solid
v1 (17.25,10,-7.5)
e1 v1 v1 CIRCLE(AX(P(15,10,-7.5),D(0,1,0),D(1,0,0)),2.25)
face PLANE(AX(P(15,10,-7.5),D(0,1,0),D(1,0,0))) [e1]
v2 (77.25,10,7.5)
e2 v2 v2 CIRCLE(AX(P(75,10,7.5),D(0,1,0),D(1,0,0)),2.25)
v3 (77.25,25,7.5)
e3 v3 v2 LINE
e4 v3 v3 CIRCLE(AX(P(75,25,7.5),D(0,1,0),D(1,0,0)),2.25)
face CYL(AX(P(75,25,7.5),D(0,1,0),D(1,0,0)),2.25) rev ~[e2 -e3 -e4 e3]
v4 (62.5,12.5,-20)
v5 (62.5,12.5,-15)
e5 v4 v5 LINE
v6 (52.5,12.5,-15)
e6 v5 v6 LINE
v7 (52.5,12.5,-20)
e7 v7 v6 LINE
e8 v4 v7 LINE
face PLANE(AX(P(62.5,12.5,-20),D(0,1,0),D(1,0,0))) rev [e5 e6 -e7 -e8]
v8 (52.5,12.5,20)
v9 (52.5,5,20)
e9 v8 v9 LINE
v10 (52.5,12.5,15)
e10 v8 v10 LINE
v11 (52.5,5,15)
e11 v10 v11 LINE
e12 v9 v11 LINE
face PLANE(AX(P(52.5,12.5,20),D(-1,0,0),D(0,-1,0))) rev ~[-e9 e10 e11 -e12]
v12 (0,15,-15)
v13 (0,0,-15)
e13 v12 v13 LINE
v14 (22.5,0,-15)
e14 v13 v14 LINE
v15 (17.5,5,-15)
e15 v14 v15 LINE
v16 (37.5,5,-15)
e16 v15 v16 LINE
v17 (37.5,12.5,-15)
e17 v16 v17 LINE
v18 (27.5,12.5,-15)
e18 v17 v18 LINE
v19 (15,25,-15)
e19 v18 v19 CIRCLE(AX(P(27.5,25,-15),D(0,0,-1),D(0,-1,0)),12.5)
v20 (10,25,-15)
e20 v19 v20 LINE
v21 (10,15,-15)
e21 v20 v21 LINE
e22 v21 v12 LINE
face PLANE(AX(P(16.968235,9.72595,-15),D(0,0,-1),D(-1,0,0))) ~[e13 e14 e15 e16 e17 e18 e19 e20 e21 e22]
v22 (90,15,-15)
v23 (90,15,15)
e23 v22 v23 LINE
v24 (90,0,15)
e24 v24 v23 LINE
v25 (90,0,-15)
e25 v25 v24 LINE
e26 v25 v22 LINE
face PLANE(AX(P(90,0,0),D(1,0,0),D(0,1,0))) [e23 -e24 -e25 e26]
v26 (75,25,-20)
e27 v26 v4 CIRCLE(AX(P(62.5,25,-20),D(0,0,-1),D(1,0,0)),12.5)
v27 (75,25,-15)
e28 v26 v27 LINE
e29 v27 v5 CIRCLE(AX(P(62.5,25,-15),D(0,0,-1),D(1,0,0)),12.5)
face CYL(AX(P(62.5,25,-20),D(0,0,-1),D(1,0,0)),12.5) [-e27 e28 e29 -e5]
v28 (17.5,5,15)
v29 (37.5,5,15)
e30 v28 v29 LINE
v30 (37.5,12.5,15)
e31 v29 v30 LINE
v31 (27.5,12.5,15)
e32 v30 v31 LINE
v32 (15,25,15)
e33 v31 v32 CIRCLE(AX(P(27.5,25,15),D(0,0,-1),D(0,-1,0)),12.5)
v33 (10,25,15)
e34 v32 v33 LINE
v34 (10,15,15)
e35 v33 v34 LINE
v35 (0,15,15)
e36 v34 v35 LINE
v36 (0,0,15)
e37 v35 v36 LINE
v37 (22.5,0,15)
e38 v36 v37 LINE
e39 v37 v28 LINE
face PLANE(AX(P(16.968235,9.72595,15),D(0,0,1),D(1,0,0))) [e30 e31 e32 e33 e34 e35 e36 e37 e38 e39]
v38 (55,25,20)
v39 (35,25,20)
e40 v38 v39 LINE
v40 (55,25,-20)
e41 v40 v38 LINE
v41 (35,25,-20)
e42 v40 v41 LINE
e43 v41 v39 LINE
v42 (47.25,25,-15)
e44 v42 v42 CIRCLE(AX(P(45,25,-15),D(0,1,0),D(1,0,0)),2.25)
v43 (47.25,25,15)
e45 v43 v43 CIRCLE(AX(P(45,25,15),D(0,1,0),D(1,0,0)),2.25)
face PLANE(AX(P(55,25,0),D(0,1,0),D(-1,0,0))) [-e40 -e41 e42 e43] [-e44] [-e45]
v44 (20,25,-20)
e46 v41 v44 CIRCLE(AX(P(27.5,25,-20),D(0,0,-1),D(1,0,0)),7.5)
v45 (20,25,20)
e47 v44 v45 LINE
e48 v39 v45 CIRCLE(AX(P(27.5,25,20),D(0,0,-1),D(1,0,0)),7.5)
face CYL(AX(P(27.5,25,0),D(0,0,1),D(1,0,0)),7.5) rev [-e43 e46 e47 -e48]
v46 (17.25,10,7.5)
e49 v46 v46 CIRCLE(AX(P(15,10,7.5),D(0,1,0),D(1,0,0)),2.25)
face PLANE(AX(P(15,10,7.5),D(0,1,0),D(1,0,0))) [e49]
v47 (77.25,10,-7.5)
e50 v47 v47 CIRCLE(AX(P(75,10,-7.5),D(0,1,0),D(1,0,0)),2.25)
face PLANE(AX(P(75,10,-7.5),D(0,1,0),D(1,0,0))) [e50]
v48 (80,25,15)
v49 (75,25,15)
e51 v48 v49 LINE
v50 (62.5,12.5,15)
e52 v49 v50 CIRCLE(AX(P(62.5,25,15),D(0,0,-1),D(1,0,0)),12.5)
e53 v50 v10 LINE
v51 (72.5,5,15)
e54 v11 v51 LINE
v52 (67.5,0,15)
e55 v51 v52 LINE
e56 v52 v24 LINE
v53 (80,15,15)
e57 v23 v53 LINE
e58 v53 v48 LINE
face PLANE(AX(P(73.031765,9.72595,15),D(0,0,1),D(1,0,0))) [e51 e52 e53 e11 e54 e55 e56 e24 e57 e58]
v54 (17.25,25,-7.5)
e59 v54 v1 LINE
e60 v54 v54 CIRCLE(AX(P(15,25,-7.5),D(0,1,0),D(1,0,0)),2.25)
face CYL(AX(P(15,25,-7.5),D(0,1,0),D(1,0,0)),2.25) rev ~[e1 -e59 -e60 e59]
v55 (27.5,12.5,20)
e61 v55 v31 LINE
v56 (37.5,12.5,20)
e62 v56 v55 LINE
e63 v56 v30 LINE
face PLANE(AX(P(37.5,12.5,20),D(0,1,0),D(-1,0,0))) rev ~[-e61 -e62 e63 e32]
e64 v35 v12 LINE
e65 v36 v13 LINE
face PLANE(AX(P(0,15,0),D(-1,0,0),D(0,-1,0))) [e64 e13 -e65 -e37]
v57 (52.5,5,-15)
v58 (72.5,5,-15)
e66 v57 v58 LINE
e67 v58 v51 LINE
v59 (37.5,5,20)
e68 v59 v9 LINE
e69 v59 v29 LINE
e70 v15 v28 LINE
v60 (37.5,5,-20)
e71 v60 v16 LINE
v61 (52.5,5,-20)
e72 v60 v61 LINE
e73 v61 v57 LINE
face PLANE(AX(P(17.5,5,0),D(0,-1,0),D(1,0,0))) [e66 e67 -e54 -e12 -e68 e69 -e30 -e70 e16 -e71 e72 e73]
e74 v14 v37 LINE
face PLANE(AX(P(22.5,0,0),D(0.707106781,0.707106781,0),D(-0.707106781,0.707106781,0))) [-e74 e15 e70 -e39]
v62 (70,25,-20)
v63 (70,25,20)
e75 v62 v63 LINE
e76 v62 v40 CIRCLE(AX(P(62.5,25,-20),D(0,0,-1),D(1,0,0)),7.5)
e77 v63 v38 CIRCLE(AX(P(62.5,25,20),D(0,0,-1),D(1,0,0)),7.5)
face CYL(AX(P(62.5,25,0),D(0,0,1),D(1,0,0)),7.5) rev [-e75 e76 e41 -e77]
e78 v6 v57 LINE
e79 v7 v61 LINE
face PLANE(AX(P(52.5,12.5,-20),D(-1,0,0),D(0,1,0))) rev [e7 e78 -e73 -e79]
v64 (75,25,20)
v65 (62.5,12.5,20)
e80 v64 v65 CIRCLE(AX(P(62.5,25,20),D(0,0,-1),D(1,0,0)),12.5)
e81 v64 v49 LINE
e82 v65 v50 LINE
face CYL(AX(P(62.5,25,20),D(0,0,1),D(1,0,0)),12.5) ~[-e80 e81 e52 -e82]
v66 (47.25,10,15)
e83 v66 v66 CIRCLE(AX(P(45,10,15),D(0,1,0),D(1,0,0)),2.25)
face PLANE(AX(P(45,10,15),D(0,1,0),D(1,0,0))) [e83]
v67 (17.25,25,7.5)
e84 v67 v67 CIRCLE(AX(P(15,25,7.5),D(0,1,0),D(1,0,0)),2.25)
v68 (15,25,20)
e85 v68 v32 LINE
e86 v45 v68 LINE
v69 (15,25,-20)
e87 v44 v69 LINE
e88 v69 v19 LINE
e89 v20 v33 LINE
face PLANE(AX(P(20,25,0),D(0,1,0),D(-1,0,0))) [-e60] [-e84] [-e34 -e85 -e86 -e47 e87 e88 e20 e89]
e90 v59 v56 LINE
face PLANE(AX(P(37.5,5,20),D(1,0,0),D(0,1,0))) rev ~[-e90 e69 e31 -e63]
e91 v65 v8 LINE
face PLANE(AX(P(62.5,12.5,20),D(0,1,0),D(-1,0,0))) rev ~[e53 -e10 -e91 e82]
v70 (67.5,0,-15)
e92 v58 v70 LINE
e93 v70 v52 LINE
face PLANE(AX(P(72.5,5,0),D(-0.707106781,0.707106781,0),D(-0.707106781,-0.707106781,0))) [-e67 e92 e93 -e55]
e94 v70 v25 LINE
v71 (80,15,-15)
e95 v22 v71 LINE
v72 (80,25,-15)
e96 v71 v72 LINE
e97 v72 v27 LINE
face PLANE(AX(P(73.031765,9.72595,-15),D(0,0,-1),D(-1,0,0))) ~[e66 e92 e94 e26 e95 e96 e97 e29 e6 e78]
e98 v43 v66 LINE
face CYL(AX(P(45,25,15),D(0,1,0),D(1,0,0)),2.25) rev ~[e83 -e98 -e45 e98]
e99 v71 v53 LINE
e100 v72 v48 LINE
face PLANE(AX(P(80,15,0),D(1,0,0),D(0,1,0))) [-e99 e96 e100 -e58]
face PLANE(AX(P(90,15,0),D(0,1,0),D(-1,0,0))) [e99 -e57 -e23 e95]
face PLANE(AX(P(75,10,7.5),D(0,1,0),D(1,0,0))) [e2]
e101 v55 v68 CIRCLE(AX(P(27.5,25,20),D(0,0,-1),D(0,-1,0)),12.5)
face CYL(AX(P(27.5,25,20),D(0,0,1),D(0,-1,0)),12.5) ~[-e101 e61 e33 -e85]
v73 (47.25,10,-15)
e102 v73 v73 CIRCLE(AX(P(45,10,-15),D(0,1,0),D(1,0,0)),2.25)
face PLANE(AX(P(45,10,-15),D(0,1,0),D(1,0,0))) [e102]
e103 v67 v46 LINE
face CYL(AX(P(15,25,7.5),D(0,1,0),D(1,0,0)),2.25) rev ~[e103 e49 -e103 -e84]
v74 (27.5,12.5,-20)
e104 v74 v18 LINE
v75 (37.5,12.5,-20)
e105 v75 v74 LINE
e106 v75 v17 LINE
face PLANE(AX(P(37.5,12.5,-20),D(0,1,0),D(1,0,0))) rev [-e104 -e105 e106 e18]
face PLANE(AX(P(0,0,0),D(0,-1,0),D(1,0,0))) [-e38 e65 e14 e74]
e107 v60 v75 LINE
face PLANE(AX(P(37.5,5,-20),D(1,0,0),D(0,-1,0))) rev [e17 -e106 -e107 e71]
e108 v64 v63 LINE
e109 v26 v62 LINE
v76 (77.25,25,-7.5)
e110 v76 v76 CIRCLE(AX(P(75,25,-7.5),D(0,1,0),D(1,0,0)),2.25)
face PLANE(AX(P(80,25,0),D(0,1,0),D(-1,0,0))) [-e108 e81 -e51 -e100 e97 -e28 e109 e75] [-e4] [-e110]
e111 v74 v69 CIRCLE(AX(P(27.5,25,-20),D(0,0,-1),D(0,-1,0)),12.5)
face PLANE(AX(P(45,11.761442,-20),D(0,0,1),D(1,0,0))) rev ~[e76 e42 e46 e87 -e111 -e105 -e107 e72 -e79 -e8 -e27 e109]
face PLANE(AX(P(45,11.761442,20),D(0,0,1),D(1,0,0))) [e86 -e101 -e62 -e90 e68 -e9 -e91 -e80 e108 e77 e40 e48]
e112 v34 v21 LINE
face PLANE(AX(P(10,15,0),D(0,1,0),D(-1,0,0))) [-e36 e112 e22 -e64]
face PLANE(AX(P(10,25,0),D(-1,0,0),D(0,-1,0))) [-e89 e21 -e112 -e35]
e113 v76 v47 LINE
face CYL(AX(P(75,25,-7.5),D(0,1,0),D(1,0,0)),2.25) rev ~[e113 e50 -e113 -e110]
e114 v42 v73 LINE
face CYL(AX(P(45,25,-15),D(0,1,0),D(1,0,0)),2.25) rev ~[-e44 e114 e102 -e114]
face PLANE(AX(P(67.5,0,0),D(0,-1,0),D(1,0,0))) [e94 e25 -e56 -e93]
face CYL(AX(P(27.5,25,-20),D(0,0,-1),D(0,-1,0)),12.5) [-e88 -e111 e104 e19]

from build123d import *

# Parameters (mm, degrees)
BOSS_EXTRUDE1_DEPTH = 20
CUT_EXTRUDE1_DEPTH  = 5
SKETCH3_R           = 2.25
CUT_EXTRUDE2_DEPTH  = 15


with BuildPart() as part:
    # Sketch1 → Boss-Extrude1 (new body, symmetric)
    with BuildSketch(Plane.XY):
        with BuildLine():
            Line((0, 0), (22.5, 0))
            Line((22.5, 0), (17.5, 5))
            Line((17.5, 5), (72.5, 5))
            Line((72.5, 5), (67.5, 0))
            Line((67.5, 0), (90, 0))
            Line((90, 0), (90, 15))
            Line((90, 15), (80, 15))
            Line((80, 15), (80, 25))
            Line((80, 25), (70, 25))
            ThreePointArc((70, 25), (62.5, 17.5), (55, 25))
            Line((55, 25), (35, 25))
            ThreePointArc((35, 25), (27.5, 17.5), (20, 25))
            Line((20, 25), (10, 25))
            Line((10, 25), (10, 15))
            Line((10, 15), (0, 15))
            Line((0, 15), (0, 0))
        make_face()
    extrude(amount=BOSS_EXTRUDE1_DEPTH, both=True)

    # Sketch2 → Cut-Extrude1 (cut)
    with BuildSketch(Plane.XY.offset(20)):
        with BuildLine():
            Line((17.5, 5), (37.5, 5))
            Line((37.5, 5), (37.5, 12.5))
            Line((37.5, 12.5), (27.5, 12.5))
            ThreePointArc((27.5, 12.5), (18.661165235, 16.161165235), (15, 25))
            Line((15, 25), (10, 25))
            Line((10, 25), (10, 15))
            Line((10, 15), (0, 15))
            Line((0, 15), (0, 0))
            Line((0, 0), (22.5, 0))
            Line((22.5, 0), (17.5, 5))
        make_face()
        with BuildLine():
            Line((62.5, 12.5), (52.5, 12.5))
            Line((52.5, 12.5), (52.5, 5))
            Line((52.5, 5), (72.5, 5))
            Line((72.5, 5), (67.5, 0))
            Line((67.5, 0), (90, 0))
            Line((90, 0), (90, 15))
            Line((90, 15), (80, 15))
            Line((80, 15), (80, 25))
            Line((80, 25), (75, 25))
            ThreePointArc((75, 25), (71.338834765, 16.161165235), (62.5, 12.5))
        make_face()
    cut_extrude1 = extrude(amount=-CUT_EXTRUDE1_DEPTH, mode=Mode.SUBTRACT)

    # Mirror1: Cut-Extrude1 across plane
    add(cut_extrude1.mirror(Plane.XY), mode=Mode.SUBTRACT)

    # Sketch3 → Cut-Extrude2 (cut)
    with BuildSketch(Plane(origin=(0, 25, 0), x_dir=(1, 0, 0), z_dir=(0, 1, 0))):
        with Locations((45, 15)):
            Circle(SKETCH3_R)
        with Locations((45, -15)):
            Circle(SKETCH3_R)
        with Locations((75, 7.5)):
            Circle(SKETCH3_R)
        with Locations((75, -7.5)):
            Circle(SKETCH3_R)
        with Locations((15, 7.5)):
            Circle(SKETCH3_R)
        with Locations((15, -7.5)):
            Circle(SKETCH3_R)
    extrude(amount=-CUT_EXTRUDE2_DEPTH, mode=Mode.SUBTRACT)


solid = part.part
